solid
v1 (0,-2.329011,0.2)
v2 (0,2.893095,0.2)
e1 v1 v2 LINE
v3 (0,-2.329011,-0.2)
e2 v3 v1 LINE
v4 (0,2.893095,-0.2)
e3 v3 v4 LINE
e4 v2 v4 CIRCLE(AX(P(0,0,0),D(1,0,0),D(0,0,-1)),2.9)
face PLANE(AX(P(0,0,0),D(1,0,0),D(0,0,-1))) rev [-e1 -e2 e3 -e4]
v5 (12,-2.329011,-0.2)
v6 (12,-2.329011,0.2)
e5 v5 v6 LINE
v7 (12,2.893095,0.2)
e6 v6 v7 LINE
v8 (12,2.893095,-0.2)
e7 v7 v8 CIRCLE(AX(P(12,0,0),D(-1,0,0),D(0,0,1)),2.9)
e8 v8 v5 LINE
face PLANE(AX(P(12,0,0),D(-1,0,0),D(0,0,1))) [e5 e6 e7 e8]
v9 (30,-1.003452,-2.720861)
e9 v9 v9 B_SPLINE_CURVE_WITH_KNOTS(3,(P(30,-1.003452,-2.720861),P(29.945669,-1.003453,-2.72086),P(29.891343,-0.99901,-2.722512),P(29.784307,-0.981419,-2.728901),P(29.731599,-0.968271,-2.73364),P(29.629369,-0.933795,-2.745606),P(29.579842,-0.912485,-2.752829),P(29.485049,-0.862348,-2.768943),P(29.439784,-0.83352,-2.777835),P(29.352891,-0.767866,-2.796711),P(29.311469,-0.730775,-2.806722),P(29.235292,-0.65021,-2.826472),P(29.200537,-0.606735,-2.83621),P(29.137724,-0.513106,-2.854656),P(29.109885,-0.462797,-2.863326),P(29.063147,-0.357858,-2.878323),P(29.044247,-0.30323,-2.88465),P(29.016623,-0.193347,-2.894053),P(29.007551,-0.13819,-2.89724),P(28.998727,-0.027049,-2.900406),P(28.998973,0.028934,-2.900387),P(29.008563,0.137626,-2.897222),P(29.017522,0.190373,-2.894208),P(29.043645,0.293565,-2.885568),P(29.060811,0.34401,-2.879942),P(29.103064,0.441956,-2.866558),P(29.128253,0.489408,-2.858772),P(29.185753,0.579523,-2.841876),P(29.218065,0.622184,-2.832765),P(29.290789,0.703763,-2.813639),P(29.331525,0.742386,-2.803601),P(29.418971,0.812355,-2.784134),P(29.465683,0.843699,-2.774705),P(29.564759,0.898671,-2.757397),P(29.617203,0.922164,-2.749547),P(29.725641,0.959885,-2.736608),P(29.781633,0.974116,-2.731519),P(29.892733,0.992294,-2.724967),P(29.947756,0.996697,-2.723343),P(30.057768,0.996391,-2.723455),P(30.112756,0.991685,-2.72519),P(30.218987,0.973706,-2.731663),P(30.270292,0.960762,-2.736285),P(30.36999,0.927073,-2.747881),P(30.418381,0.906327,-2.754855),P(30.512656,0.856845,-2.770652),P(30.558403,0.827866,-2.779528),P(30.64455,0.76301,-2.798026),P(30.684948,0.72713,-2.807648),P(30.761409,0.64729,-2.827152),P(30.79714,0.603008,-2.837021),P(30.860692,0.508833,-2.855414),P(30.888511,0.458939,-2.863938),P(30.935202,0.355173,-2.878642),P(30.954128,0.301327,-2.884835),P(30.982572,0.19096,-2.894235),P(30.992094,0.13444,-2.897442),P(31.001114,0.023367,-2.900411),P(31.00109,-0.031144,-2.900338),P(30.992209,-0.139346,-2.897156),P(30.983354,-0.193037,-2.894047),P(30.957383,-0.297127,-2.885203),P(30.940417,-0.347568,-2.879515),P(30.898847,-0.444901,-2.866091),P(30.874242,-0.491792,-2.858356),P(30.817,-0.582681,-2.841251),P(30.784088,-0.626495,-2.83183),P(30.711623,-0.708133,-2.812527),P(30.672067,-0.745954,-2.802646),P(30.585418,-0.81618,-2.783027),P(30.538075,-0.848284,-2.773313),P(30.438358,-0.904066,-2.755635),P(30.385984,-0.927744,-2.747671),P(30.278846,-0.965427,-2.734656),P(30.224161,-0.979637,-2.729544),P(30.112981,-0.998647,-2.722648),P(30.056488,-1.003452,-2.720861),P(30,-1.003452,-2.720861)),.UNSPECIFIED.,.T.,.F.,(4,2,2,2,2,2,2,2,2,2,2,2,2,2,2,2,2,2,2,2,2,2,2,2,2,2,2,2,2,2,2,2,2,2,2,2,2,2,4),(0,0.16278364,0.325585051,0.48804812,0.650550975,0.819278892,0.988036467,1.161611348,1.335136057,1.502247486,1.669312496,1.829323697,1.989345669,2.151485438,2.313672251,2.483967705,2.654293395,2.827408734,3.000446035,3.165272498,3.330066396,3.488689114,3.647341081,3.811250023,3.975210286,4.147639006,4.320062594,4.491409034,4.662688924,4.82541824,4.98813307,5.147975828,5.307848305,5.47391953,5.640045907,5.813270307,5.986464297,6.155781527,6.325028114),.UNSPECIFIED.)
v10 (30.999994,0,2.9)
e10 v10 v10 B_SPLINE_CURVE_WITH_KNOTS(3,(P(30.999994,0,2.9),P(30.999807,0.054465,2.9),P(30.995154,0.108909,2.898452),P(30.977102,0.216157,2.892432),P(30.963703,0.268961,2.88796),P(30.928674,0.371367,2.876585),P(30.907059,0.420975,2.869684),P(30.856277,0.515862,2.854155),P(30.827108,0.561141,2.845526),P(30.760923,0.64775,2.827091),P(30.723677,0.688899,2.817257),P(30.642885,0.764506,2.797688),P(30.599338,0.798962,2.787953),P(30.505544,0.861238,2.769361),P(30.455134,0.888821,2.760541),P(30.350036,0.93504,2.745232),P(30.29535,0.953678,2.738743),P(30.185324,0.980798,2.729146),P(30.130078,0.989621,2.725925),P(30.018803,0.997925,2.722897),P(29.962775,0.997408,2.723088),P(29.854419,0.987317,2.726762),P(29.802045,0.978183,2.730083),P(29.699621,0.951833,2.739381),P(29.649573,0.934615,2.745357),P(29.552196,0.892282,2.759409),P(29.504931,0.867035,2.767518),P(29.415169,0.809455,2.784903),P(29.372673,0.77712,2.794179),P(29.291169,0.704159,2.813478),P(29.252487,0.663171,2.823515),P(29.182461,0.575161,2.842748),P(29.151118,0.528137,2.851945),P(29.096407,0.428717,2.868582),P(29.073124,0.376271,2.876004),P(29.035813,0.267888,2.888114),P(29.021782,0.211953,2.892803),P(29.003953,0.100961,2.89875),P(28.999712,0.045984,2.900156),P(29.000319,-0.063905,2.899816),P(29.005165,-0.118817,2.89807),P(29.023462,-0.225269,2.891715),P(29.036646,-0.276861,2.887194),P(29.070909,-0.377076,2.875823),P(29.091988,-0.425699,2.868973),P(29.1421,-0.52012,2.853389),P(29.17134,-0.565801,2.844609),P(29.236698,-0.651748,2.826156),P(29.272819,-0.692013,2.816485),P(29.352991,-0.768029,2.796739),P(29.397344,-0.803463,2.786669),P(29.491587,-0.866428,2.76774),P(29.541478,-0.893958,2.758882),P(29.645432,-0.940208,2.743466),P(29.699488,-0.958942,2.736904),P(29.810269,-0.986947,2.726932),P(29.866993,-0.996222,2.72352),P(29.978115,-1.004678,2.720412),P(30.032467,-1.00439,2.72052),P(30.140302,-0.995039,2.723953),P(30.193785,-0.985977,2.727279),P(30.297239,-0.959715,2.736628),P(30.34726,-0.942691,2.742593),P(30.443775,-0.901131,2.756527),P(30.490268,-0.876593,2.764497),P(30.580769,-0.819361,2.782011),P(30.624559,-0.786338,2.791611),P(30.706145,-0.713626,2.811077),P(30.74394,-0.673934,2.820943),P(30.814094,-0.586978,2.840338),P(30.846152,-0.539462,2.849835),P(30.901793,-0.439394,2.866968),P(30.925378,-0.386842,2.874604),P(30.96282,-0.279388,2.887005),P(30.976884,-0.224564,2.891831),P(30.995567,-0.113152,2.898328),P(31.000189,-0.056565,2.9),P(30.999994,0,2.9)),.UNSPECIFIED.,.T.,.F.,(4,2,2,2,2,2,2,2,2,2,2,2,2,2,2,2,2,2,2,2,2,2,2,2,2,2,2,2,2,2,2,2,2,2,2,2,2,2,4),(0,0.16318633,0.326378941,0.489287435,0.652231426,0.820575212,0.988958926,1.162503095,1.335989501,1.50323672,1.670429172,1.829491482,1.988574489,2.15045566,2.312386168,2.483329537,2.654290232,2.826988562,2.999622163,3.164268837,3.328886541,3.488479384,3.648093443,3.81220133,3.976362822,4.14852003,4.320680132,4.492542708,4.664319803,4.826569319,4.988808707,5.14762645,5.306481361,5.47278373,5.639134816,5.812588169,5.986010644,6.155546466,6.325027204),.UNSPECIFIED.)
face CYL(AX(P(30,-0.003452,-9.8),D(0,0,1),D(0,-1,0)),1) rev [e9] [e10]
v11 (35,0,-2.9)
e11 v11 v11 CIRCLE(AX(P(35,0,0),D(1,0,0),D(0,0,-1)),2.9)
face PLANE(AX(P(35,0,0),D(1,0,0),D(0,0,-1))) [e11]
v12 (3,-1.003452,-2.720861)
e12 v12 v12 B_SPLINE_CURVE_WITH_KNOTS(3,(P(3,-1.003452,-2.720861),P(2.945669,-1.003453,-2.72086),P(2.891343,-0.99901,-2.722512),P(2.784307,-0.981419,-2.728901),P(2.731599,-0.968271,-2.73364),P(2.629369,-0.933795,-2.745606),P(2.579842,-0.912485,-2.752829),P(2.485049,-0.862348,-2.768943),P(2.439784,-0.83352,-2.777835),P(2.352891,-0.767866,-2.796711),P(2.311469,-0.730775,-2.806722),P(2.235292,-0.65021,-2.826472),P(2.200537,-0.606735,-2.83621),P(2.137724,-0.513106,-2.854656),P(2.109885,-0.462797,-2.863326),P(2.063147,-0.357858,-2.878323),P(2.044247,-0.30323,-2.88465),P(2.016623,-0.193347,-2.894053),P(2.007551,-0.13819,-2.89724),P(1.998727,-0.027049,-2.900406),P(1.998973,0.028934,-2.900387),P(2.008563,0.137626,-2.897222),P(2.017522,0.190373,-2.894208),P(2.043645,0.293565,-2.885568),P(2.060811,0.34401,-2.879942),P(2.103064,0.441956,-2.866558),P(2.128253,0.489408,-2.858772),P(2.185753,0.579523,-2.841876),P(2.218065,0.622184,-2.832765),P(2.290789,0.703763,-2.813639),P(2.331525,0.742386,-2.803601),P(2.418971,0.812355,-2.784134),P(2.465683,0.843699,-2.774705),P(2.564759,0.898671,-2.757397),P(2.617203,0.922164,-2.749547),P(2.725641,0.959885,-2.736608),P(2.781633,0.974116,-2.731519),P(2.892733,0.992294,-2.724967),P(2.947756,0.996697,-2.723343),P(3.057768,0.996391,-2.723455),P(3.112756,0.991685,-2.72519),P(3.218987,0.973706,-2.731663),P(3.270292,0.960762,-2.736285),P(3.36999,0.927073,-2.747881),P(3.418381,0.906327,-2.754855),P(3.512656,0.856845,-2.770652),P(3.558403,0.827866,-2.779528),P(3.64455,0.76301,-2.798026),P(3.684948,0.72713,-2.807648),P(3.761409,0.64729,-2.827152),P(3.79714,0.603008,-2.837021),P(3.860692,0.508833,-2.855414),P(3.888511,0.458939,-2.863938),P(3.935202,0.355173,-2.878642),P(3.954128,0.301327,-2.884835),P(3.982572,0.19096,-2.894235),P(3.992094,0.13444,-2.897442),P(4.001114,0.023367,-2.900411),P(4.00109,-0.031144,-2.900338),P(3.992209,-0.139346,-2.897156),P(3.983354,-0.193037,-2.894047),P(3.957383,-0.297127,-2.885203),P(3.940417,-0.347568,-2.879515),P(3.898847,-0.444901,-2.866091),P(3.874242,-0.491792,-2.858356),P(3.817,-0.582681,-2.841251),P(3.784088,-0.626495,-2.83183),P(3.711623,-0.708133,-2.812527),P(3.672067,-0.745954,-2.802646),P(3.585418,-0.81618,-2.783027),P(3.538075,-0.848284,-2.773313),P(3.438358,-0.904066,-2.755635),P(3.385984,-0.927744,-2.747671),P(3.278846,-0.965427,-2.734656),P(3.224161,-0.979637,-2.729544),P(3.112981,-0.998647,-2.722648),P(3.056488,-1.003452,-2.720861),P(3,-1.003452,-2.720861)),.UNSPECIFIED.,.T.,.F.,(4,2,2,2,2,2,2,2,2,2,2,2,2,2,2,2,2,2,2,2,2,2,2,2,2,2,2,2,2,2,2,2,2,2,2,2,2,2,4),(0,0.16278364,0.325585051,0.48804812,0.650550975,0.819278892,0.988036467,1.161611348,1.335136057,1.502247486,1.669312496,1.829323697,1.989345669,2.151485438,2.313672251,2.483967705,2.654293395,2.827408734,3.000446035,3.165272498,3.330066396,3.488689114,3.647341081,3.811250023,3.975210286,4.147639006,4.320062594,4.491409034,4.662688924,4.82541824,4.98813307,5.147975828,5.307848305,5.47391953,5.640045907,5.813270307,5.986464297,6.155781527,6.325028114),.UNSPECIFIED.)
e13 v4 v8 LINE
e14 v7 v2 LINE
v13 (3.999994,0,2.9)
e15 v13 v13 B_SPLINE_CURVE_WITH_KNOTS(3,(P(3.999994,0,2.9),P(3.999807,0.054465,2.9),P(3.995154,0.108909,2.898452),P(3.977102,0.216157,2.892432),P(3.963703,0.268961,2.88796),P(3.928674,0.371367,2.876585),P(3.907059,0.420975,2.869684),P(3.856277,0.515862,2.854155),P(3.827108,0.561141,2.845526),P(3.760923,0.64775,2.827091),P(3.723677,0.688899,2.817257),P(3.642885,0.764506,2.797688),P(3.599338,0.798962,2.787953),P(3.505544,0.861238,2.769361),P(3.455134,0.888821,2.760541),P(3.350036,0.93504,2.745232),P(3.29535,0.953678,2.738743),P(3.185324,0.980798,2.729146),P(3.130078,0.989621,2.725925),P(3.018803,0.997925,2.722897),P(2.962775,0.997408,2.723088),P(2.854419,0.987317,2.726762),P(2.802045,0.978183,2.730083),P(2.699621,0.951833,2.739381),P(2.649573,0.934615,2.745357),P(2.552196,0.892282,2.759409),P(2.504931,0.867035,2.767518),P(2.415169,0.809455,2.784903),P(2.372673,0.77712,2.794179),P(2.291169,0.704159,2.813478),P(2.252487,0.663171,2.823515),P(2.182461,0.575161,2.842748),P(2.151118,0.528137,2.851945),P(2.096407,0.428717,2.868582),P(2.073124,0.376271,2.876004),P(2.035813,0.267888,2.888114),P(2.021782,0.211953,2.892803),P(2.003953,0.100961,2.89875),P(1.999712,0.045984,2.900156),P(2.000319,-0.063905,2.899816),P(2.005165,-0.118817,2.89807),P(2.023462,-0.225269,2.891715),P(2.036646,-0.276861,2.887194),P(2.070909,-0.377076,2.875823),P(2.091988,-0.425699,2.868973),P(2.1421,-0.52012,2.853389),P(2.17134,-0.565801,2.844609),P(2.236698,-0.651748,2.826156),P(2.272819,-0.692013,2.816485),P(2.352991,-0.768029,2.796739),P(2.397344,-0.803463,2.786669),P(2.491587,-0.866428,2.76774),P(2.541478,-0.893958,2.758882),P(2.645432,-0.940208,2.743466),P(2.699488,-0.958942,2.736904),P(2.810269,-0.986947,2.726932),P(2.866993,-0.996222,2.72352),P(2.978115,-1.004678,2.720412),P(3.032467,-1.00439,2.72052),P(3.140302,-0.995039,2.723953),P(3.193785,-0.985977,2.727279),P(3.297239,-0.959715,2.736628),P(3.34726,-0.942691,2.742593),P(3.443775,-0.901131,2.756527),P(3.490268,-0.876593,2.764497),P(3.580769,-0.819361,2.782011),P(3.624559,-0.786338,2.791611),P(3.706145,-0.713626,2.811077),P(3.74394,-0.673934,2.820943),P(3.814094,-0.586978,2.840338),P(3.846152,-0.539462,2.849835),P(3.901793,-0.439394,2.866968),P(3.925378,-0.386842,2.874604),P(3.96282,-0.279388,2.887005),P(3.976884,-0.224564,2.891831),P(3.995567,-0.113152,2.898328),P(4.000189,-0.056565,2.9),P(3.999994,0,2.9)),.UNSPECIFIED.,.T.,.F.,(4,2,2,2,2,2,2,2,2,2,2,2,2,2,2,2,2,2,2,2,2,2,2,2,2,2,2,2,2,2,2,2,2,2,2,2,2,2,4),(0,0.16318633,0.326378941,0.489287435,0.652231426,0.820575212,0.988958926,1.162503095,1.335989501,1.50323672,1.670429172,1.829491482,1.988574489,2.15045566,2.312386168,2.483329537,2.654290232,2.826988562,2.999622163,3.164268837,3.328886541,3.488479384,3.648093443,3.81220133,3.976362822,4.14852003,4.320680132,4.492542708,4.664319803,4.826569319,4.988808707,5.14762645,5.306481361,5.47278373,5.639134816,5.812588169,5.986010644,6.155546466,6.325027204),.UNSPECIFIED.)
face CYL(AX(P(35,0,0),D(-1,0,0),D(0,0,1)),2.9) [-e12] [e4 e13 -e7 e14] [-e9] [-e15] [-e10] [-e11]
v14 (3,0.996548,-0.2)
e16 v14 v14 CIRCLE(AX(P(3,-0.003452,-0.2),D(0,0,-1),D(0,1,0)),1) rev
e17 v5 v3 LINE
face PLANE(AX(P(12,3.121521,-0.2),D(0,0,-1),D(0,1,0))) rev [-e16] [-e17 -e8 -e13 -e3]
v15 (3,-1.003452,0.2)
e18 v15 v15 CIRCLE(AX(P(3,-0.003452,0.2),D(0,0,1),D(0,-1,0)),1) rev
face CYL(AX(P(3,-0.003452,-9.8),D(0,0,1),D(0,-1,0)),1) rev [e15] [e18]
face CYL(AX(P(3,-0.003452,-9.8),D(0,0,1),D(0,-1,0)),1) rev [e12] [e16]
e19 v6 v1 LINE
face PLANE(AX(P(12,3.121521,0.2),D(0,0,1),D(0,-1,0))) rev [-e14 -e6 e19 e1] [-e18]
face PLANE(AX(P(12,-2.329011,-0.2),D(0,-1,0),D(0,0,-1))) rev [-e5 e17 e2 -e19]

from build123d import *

# Parameters (mm, degrees)
SKETCH_1_R               = 2.9
EXTRUDE_1_DEPTH          = 35
SKETCH_2_W               = 0.4
SKETCH_2_H               = 5.450532248
CUT_EXTRUDE_1_DEPTH      = 12
CUT_EXTRUDE_2_DEPTH      = 10
CUT_EXTRUDE_2_DEPTH_BACK = 10
SKETCH_3_R               = 1


with BuildPart() as part:
    # 草图1 → 凸台-拉伸1 (new body)
    with BuildSketch(Plane(origin=(0, 0, 0), x_dir=(0, 0, -1), z_dir=(1, 0, 0))):
        Circle(SKETCH_1_R)
    extrude(amount=EXTRUDE_1_DEPTH)

    # 草图2 → 切除-拉伸1 (cut)
    with BuildSketch(Plane.ZY):
        with Locations((0, 0.396255312)):
            Rectangle(SKETCH_2_W, SKETCH_2_H)
    extrude(amount=-CUT_EXTRUDE_1_DEPTH, mode=Mode.SUBTRACT)

    # 草图3 → 切除-拉伸2 (cut, two sides: drawn at the far end of the back side and taken through both)
    with BuildSketch(Plane(origin=(0, 0, 0.2), x_dir=(-1, 0, 0), z_dir=(0, 0, -1)).offset(-CUT_EXTRUDE_2_DEPTH_BACK)):
        with Locations(Location((-3, -0.003452386, 0), (0, 0, 270))):
            Circle(SKETCH_3_R)
        with Locations(Location((-30, -0.003452386, 0), (0, 0, 270))):
            Circle(SKETCH_3_R)
    extrude(amount=CUT_EXTRUDE_2_DEPTH + CUT_EXTRUDE_2_DEPTH_BACK, mode=Mode.SUBTRACT)


solid = part.part
